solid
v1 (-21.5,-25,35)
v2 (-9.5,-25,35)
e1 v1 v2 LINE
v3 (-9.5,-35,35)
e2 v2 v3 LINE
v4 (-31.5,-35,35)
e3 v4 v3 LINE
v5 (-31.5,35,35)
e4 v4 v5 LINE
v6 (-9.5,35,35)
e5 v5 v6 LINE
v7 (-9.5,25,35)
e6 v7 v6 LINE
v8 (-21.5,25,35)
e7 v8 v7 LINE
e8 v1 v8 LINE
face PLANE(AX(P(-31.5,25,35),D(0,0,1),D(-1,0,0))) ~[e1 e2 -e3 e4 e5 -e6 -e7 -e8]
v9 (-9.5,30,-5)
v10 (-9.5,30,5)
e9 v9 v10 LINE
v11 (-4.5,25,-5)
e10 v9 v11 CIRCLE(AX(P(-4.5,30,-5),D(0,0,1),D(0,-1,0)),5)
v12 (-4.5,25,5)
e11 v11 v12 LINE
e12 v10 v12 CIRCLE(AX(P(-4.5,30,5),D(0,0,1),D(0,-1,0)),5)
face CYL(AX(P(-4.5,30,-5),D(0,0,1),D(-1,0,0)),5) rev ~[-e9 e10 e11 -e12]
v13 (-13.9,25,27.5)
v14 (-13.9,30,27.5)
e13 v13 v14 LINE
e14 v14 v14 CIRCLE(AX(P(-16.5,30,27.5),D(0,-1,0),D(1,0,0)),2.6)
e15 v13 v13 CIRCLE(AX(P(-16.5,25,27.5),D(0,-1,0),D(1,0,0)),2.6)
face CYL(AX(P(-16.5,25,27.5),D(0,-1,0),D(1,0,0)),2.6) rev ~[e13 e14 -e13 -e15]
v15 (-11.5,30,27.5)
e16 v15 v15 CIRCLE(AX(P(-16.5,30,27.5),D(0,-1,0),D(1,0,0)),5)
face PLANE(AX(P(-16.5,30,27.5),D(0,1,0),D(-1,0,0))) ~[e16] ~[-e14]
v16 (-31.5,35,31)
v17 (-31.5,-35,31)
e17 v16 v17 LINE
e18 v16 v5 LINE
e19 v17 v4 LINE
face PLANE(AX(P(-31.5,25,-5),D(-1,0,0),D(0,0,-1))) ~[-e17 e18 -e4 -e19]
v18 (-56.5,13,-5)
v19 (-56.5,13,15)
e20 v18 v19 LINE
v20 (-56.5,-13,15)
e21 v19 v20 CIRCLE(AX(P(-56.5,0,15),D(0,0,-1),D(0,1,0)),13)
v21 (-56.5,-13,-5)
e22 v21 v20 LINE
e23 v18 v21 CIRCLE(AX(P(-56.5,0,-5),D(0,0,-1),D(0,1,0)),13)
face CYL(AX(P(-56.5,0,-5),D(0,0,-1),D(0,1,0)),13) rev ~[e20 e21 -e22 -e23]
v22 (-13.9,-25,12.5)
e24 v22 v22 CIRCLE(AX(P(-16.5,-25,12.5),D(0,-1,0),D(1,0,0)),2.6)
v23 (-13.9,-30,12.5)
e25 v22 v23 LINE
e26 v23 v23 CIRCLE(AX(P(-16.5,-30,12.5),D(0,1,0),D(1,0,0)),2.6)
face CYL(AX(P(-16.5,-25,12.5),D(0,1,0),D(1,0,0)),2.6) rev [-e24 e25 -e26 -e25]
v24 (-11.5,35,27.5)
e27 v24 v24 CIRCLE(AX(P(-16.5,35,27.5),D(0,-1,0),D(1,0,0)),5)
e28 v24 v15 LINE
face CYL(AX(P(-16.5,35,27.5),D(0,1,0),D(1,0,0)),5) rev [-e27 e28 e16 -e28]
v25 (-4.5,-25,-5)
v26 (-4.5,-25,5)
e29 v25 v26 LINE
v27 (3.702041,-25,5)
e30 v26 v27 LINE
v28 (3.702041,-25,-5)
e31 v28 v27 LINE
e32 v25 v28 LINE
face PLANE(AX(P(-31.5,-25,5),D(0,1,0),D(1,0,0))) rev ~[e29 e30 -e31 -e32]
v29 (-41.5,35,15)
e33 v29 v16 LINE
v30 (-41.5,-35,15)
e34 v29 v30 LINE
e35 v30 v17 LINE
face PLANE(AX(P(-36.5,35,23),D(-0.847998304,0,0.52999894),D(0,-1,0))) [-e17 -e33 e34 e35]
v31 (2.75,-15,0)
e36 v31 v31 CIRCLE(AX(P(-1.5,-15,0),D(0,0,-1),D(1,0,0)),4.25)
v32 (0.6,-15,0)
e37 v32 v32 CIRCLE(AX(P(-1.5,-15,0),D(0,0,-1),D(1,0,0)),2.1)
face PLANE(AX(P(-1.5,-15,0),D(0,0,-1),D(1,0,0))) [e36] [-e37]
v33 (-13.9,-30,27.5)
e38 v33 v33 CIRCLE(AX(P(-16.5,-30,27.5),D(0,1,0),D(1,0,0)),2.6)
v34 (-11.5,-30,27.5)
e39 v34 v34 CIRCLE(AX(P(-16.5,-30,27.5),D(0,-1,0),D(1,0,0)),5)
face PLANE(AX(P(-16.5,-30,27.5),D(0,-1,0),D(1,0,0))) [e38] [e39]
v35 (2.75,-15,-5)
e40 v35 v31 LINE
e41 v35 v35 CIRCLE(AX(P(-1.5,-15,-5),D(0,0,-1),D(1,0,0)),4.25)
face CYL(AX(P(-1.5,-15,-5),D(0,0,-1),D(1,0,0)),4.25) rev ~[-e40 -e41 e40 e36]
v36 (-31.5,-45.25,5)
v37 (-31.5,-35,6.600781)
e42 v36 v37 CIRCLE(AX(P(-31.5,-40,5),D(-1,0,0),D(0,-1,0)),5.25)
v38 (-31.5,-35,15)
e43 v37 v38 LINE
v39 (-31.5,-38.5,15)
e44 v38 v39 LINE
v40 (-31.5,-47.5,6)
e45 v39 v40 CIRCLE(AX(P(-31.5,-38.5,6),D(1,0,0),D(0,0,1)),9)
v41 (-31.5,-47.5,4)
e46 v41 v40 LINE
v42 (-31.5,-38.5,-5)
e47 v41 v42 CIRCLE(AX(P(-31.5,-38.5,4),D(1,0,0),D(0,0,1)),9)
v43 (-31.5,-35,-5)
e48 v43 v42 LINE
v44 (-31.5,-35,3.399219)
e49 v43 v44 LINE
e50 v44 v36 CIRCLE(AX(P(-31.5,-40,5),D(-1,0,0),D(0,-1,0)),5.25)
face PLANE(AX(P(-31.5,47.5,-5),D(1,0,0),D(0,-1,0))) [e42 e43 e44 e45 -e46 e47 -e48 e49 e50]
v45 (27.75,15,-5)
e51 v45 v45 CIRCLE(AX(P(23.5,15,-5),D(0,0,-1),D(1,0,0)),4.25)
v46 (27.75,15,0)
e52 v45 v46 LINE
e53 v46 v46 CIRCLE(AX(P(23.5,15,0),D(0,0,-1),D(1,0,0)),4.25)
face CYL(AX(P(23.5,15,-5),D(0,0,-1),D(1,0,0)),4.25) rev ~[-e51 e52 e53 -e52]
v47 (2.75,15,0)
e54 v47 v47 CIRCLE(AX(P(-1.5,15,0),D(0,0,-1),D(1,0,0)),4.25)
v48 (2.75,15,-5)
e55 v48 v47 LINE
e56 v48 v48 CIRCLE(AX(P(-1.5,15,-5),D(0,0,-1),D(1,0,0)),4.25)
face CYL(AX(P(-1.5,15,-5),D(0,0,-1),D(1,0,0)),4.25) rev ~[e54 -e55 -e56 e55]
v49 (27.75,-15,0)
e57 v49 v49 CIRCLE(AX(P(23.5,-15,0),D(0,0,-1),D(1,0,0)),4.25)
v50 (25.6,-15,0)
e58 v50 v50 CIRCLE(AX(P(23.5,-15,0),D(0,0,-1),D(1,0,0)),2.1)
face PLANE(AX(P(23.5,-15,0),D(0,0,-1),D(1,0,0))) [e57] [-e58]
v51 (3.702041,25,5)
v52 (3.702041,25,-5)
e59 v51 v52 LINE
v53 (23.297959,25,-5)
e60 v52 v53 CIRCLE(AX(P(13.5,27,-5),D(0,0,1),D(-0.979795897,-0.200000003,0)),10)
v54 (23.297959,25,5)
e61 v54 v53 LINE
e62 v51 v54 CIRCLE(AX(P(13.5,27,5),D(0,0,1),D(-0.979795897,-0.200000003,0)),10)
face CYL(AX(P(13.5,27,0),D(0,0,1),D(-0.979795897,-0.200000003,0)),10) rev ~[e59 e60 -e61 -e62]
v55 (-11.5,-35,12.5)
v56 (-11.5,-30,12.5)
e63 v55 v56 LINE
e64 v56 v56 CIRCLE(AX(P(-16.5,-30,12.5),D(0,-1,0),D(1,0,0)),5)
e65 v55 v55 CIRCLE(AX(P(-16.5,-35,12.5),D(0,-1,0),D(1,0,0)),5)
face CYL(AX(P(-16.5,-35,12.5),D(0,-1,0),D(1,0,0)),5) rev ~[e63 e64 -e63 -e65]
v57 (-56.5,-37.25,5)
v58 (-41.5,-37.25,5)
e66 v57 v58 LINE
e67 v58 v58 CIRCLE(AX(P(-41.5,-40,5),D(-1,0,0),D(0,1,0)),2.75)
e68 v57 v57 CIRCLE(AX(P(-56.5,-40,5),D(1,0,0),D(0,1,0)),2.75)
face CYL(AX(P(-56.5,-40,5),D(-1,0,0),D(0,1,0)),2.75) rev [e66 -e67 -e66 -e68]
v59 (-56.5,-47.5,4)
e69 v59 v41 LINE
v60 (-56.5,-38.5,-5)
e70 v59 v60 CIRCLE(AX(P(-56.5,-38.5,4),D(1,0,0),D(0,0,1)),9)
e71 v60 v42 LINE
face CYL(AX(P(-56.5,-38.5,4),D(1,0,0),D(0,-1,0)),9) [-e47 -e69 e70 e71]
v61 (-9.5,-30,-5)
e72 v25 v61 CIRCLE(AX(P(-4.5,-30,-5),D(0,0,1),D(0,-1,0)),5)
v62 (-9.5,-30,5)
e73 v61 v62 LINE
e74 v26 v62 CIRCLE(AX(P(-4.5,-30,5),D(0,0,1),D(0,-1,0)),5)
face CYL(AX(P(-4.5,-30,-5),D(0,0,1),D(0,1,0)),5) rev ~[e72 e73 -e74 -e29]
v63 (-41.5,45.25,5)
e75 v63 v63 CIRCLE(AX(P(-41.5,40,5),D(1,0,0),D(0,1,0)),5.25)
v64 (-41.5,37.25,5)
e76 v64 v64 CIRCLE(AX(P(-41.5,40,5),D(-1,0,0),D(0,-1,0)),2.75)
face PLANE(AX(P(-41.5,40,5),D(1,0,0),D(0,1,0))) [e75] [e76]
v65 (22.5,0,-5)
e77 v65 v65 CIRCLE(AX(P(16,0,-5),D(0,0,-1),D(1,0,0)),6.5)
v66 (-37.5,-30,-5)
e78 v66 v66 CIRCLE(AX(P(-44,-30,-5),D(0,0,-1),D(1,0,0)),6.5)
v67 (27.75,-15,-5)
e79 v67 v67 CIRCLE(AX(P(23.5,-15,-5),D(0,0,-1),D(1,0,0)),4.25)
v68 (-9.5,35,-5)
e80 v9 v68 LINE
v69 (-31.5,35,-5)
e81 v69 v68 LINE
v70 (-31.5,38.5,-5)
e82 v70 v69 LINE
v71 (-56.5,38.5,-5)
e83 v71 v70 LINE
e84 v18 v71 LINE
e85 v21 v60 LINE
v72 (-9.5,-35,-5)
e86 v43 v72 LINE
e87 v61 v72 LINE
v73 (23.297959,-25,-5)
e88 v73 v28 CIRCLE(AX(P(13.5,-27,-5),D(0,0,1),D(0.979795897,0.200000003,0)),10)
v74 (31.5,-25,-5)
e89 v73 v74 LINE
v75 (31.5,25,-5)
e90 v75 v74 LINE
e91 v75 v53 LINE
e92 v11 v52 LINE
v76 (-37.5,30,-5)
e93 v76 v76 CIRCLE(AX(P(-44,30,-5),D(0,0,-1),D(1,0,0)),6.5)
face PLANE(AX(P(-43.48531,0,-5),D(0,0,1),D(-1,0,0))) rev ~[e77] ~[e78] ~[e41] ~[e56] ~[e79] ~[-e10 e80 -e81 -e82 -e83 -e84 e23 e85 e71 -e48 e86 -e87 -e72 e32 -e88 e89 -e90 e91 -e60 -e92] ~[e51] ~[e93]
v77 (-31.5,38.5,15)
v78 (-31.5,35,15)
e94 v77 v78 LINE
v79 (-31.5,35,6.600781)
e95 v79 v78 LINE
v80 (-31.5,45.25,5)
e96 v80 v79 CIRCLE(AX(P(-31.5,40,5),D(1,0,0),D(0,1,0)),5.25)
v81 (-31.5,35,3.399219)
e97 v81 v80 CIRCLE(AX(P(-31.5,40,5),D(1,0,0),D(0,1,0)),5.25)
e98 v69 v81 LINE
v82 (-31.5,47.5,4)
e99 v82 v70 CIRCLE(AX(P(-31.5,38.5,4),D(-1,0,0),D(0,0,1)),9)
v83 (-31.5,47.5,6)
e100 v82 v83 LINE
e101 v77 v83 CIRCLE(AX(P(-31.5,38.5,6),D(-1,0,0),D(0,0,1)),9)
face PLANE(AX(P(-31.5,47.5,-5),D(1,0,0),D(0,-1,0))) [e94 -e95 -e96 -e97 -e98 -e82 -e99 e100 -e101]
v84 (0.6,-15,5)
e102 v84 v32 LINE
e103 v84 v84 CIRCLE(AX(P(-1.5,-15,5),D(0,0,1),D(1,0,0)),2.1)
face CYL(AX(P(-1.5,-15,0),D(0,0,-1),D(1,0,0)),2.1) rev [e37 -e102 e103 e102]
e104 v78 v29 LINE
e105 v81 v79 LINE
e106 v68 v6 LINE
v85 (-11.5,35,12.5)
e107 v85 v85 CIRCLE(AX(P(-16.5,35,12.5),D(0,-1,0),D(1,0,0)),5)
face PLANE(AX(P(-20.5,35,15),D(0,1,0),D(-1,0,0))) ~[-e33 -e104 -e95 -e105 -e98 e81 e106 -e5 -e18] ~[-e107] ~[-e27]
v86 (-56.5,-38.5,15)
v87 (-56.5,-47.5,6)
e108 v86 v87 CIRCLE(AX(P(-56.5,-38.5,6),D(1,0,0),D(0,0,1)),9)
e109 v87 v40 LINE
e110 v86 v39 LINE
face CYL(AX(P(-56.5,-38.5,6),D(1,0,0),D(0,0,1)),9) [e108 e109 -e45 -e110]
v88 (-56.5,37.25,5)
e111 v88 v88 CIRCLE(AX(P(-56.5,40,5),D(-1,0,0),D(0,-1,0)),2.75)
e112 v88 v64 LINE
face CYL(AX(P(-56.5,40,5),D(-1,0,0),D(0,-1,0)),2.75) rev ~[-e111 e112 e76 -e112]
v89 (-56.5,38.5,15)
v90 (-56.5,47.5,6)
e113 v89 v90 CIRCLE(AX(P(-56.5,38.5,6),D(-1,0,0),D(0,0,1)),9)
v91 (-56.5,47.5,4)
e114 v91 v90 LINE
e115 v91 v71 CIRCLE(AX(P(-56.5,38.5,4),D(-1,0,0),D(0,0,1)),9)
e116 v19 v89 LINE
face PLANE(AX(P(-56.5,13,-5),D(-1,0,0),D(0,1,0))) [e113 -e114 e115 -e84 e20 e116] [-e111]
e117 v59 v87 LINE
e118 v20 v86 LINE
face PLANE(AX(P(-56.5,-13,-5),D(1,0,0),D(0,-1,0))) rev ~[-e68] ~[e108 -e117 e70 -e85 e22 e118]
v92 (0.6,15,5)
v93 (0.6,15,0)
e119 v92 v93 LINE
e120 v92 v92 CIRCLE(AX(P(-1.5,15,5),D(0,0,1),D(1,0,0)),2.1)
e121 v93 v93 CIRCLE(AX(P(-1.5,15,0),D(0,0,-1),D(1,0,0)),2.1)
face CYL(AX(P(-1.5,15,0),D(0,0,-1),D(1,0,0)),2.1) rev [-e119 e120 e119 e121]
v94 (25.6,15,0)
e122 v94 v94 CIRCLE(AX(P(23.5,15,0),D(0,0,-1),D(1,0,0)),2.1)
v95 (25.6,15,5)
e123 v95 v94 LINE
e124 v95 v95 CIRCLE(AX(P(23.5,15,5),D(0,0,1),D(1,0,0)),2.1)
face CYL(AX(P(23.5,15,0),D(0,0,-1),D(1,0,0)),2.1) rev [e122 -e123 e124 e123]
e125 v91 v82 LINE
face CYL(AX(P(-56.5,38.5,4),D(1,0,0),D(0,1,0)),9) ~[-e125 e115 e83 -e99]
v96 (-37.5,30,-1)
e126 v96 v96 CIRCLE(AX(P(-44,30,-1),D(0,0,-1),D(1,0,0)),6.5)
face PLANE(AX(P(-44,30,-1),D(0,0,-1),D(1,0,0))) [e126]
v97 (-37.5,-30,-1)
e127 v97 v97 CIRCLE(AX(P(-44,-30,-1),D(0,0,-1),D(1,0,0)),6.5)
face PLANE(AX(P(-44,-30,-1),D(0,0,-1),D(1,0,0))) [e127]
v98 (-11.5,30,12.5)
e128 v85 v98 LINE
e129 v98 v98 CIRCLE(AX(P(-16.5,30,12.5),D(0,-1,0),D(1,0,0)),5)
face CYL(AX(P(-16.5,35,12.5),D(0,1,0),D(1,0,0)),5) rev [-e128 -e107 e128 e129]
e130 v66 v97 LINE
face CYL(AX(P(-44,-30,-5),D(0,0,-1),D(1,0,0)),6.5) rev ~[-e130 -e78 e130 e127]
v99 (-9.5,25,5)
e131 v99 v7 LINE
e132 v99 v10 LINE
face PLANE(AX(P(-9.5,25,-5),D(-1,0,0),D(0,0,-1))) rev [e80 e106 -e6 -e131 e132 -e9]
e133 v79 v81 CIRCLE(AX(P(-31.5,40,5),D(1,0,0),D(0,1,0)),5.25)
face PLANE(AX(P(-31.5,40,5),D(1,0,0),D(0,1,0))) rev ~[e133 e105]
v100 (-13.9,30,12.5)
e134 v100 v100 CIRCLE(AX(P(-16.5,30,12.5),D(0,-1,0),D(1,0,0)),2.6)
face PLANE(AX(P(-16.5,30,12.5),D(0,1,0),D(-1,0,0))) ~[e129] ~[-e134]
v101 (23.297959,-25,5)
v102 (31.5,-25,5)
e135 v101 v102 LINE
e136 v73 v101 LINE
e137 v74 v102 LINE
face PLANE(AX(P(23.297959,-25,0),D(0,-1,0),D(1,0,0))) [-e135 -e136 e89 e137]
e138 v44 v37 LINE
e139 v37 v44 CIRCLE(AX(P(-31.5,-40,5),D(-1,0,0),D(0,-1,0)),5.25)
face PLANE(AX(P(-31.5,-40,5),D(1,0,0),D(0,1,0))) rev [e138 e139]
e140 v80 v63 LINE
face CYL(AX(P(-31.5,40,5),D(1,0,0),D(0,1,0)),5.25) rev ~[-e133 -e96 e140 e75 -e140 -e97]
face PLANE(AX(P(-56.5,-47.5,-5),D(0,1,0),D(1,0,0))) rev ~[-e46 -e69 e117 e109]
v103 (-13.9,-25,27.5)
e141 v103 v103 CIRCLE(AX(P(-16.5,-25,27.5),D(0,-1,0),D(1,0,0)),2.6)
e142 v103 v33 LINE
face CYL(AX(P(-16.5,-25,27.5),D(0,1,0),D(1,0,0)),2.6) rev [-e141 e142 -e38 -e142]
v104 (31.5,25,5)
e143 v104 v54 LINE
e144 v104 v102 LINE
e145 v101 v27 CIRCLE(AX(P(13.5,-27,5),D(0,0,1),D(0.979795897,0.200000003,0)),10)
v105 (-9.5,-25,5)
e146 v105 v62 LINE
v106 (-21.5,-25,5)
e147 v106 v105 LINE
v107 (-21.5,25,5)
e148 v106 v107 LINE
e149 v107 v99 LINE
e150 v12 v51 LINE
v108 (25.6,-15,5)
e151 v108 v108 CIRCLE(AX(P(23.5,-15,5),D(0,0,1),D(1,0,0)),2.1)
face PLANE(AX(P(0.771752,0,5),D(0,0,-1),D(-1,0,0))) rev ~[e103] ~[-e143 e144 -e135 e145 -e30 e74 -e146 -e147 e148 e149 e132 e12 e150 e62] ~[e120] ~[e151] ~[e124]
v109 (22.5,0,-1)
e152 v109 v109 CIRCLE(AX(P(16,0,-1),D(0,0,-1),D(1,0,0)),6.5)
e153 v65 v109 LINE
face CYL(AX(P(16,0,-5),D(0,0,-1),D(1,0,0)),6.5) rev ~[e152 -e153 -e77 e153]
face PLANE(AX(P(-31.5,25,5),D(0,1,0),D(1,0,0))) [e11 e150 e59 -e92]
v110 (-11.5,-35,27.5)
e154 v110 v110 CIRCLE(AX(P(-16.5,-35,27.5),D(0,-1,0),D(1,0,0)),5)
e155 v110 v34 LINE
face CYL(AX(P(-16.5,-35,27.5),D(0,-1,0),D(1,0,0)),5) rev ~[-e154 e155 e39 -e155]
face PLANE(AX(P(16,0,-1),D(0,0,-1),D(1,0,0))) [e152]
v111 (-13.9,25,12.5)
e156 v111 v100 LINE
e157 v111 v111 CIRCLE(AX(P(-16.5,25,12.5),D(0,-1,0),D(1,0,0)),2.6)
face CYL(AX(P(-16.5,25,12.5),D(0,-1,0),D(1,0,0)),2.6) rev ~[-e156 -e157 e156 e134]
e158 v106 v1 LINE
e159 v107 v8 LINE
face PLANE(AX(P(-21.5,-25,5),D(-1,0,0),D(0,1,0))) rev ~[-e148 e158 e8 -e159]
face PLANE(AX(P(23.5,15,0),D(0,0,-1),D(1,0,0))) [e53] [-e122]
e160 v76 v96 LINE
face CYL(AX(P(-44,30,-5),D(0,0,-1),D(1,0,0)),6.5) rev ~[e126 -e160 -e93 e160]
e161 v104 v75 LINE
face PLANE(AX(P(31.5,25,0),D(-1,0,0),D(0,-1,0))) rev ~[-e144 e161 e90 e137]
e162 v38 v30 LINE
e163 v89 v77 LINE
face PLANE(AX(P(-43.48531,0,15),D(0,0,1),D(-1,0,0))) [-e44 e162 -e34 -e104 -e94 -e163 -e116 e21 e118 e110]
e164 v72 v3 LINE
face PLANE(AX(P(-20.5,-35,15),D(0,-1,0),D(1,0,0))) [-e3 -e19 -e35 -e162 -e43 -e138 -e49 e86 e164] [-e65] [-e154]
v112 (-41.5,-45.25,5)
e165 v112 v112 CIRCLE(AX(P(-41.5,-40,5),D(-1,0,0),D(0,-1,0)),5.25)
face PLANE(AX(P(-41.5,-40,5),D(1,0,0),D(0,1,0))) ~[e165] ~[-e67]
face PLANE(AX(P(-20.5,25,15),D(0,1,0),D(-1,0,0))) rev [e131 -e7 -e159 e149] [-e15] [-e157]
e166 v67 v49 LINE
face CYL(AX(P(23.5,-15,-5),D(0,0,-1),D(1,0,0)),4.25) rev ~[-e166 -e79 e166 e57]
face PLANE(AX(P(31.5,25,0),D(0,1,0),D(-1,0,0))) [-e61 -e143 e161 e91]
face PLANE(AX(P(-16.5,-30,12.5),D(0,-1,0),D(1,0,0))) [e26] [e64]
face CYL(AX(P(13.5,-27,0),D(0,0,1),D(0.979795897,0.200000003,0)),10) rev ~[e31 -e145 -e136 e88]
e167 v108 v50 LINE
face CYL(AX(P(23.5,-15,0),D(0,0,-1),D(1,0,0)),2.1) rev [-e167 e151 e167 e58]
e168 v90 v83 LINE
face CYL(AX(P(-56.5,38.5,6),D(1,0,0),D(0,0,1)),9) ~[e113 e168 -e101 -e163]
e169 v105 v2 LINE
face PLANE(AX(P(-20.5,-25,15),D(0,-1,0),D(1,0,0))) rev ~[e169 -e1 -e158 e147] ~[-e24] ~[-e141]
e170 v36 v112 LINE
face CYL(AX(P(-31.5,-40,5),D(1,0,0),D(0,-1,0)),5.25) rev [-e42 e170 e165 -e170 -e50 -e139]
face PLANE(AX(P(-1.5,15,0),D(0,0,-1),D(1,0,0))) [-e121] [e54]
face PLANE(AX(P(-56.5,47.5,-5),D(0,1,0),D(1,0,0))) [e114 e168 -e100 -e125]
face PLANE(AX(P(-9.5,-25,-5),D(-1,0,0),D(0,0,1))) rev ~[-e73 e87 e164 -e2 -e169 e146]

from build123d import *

# Parameters (mm, degrees)
SKETCH_R        = 2.1
PAD_DEPTH       = 5
SKETCH001_W     = 10
SKETCH001_H     = 50
PAD001_DEPTH    = 30
SKETCH002_W     = 22
SKETCH002_H     = 40
SKETCH002_R     = 2.6
PAD002_DEPTH    = 10
SKETCH004_R     = 5
POCKET001_DEPTH = 5
FILLET_R        = 5
SKETCH003_R     = 4.25
POCKET_DEPTH    = 5
PAD003_DEPTH    = 20
SKETCH006_R     = 2.75
POCKET002_DEPTH = 359.065568
SKETCH007_R     = 5.25
POCKET003_DEPTH = 10
CHAMFER_SIZE2   = 16
CHAMFER_SIZE    = 10
FILLET001_R     = 9
SKETCH008_R     = 6.5
POCKET004_DEPTH = 4


with BuildPart() as part:
    # Sketch → Pad (new body, symmetric)
    with BuildSketch(Plane.XY):
        with BuildLine():
            Line((-31.5, -25), (-31.5, 25))
            Line((-31.5, 25), (3.702041, 25))
            ThreePointArc((3.702041, 25), (13.5, 17), (23.297959, 25))
            Line((31.5, 25), (23.297959, 25))
            Line((31.5, 25), (31.5, -25))
            Line((23.297959, -25), (31.5, -25))
            ThreePointArc((23.297959, -25), (13.5, -17), (3.702041, -25))
            Line((-31.5, -25), (3.702041, -25))
        make_face()
        with Locations((-1.5, 15)):
            Circle(SKETCH_R, mode=Mode.SUBTRACT)
        with Locations((23.5, 15)):
            Circle(SKETCH_R, mode=Mode.SUBTRACT)
        with Locations((23.5, -15)):
            Circle(SKETCH_R, mode=Mode.SUBTRACT)
        with Locations((-1.5, -15)):
            Circle(SKETCH_R, mode=Mode.SUBTRACT)
    extrude(amount=PAD_DEPTH, both=True)

    # Sketch001 (on Face14 of Pad) → Pad001 (join)
    with BuildSketch(Plane.XY.offset(5)):
        with Locations((-26.5, 0)):
            Rectangle(SKETCH001_W, SKETCH001_H)
    extrude(amount=PAD001_DEPTH)

    # Sketch002 (on Face8 of Pad001) → Pad002 (join)
    with BuildSketch(Plane.XZ.offset(25)):
        with Locations((-20.5, 15)):
            Rectangle(SKETCH002_W, SKETCH002_H)
        with Locations((-16.5, 27.5)):
            Circle(SKETCH002_R, mode=Mode.SUBTRACT)
        with Locations((-16.5, 12.5)):
            Circle(SKETCH002_R, mode=Mode.SUBTRACT)
    pad002 = extrude(amount=PAD002_DEPTH)

    # Sketch004 (on Face20 of Pad002) → Pocket001 (cut)
    with BuildSketch(Plane.XZ.offset(35)):
        with Locations((-16.5, 27.5)):
            Circle(SKETCH004_R)
        with Locations((-16.5, 12.5)):
            Circle(SKETCH004_R)
    pocket001 = extrude(amount=-POCKET001_DEPTH, mode=Mode.SUBTRACT)

    # Mirrored: Pad002, Pocket001 across XZ
    add(pad002.mirror(Plane.XZ))
    add(pocket001.mirror(Plane.XZ), mode=Mode.SUBTRACT)

    # Fillet
    fillet_edges = [part.edges().sort_by_distance(p)[0] for p in [
        (-9.5, 25, 0),
        (-9.5, -25, 0),
    ]]
    fillet(fillet_edges, radius=FILLET_R)

    # Sketch003 (on Face2 of Fillet) → Pocket (cut)
    with BuildSketch(Plane(origin=(0, 0, -5), x_dir=(1, 0, 0), z_dir=(0, 0, -1))):
        with Locations((-1.5, 15)):
            Circle(SKETCH003_R)
        with Locations((23.5, 15)):
            Circle(SKETCH003_R)
        with Locations((23.5, -15)):
            Circle(SKETCH003_R)
        with Locations((-1.5, -15)):
            Circle(SKETCH003_R)
    extrude(amount=-POCKET_DEPTH, mode=Mode.SUBTRACT)

    # Sketch005 (on Face2 of Pocket) → Pad003 (join)
    with BuildSketch(Plane(origin=(0, 0, -5), x_dir=(1, 0, 0), z_dir=(0, 0, -1))):
        with BuildLine():
            ThreePointArc((-56.5, -13), (-43.5, 0), (-56.5, 13))
            Line((-56.5, 13), (-56.5, 47.5))
            Line((-56.5, 47.5), (-31.5, 47.5))
            Line((-31.5, -47.5), (-31.5, 47.5))
            Line((-56.5, -47.5), (-31.5, -47.5))
            Line((-56.5, -13), (-56.5, -47.5))
        make_face()
    extrude(amount=-PAD003_DEPTH)

    # Sketch006 (on Face35 of Pad003) → Pocket002 (cut, through all)
    with BuildSketch(Plane(origin=(-56.5, 0, 0), x_dir=(0, -1, 0), z_dir=(-1, 0, 0))):
        with Locations((-40, 5)):
            Circle(SKETCH006_R)
    pocket002 = extrude(amount=-POCKET002_DEPTH, mode=Mode.SUBTRACT)

    # Sketch007 (on Face32 of Pocket002) → Pocket003 (cut)
    with BuildSketch(Plane.YZ.offset(-31.5)):
        with Locations((40, 5)):
            Circle(SKETCH007_R)
    pocket003 = extrude(amount=-POCKET003_DEPTH, mode=Mode.SUBTRACT)

    # Mirrored001: Pocket002, Pocket003 across Sketch006 V_Axis
    add(pocket002.mirror(Plane(origin=(-56.5, 0, 0), x_dir=(-1, 0, 0), z_dir=(0, -1, 0))), mode=Mode.SUBTRACT)
    add(pocket003.mirror(Plane(origin=(-56.5, 0, 0), x_dir=(-1, 0, 0), z_dir=(0, -1, 0))), mode=Mode.SUBTRACT)

    # Chamfer
    chamfer_edges = [part.edges().sort_by_distance(p)[0] for p in [
        (-31.5, 0, 15),
    ]]
    chamfer_side = part.faces().sort_by_distance((-43.121304, 0, 15))[0]
    chamfer(chamfer_edges, length=CHAMFER_SIZE, length2=CHAMFER_SIZE2, reference=chamfer_side)

    # Fillet001
    fillet001_edges = [part.edges().sort_by_distance(p)[0] for p in [
        (-44, 47.5, 15),
        (-44, 47.5, -5),
        (-44, -47.5, 15),
        (-44, -47.5, -5),
    ]]
    fillet(fillet001_edges, radius=FILLET001_R)

    # Sketch008 (on Face14 of Fillet001) → Pocket004 (cut)
    with BuildSketch(Plane(origin=(0, 0, -5), x_dir=(1, 0, 0), z_dir=(0, 0, -1))):
        with Locations((-44, 30)):
            Circle(SKETCH008_R)
        with Locations((16, 0)):
            Circle(SKETCH008_R)
        with Locations((-44, -30)):
            Circle(SKETCH008_R)
    extrude(amount=-POCKET004_DEPTH, mode=Mode.SUBTRACT)


solid = part.part
